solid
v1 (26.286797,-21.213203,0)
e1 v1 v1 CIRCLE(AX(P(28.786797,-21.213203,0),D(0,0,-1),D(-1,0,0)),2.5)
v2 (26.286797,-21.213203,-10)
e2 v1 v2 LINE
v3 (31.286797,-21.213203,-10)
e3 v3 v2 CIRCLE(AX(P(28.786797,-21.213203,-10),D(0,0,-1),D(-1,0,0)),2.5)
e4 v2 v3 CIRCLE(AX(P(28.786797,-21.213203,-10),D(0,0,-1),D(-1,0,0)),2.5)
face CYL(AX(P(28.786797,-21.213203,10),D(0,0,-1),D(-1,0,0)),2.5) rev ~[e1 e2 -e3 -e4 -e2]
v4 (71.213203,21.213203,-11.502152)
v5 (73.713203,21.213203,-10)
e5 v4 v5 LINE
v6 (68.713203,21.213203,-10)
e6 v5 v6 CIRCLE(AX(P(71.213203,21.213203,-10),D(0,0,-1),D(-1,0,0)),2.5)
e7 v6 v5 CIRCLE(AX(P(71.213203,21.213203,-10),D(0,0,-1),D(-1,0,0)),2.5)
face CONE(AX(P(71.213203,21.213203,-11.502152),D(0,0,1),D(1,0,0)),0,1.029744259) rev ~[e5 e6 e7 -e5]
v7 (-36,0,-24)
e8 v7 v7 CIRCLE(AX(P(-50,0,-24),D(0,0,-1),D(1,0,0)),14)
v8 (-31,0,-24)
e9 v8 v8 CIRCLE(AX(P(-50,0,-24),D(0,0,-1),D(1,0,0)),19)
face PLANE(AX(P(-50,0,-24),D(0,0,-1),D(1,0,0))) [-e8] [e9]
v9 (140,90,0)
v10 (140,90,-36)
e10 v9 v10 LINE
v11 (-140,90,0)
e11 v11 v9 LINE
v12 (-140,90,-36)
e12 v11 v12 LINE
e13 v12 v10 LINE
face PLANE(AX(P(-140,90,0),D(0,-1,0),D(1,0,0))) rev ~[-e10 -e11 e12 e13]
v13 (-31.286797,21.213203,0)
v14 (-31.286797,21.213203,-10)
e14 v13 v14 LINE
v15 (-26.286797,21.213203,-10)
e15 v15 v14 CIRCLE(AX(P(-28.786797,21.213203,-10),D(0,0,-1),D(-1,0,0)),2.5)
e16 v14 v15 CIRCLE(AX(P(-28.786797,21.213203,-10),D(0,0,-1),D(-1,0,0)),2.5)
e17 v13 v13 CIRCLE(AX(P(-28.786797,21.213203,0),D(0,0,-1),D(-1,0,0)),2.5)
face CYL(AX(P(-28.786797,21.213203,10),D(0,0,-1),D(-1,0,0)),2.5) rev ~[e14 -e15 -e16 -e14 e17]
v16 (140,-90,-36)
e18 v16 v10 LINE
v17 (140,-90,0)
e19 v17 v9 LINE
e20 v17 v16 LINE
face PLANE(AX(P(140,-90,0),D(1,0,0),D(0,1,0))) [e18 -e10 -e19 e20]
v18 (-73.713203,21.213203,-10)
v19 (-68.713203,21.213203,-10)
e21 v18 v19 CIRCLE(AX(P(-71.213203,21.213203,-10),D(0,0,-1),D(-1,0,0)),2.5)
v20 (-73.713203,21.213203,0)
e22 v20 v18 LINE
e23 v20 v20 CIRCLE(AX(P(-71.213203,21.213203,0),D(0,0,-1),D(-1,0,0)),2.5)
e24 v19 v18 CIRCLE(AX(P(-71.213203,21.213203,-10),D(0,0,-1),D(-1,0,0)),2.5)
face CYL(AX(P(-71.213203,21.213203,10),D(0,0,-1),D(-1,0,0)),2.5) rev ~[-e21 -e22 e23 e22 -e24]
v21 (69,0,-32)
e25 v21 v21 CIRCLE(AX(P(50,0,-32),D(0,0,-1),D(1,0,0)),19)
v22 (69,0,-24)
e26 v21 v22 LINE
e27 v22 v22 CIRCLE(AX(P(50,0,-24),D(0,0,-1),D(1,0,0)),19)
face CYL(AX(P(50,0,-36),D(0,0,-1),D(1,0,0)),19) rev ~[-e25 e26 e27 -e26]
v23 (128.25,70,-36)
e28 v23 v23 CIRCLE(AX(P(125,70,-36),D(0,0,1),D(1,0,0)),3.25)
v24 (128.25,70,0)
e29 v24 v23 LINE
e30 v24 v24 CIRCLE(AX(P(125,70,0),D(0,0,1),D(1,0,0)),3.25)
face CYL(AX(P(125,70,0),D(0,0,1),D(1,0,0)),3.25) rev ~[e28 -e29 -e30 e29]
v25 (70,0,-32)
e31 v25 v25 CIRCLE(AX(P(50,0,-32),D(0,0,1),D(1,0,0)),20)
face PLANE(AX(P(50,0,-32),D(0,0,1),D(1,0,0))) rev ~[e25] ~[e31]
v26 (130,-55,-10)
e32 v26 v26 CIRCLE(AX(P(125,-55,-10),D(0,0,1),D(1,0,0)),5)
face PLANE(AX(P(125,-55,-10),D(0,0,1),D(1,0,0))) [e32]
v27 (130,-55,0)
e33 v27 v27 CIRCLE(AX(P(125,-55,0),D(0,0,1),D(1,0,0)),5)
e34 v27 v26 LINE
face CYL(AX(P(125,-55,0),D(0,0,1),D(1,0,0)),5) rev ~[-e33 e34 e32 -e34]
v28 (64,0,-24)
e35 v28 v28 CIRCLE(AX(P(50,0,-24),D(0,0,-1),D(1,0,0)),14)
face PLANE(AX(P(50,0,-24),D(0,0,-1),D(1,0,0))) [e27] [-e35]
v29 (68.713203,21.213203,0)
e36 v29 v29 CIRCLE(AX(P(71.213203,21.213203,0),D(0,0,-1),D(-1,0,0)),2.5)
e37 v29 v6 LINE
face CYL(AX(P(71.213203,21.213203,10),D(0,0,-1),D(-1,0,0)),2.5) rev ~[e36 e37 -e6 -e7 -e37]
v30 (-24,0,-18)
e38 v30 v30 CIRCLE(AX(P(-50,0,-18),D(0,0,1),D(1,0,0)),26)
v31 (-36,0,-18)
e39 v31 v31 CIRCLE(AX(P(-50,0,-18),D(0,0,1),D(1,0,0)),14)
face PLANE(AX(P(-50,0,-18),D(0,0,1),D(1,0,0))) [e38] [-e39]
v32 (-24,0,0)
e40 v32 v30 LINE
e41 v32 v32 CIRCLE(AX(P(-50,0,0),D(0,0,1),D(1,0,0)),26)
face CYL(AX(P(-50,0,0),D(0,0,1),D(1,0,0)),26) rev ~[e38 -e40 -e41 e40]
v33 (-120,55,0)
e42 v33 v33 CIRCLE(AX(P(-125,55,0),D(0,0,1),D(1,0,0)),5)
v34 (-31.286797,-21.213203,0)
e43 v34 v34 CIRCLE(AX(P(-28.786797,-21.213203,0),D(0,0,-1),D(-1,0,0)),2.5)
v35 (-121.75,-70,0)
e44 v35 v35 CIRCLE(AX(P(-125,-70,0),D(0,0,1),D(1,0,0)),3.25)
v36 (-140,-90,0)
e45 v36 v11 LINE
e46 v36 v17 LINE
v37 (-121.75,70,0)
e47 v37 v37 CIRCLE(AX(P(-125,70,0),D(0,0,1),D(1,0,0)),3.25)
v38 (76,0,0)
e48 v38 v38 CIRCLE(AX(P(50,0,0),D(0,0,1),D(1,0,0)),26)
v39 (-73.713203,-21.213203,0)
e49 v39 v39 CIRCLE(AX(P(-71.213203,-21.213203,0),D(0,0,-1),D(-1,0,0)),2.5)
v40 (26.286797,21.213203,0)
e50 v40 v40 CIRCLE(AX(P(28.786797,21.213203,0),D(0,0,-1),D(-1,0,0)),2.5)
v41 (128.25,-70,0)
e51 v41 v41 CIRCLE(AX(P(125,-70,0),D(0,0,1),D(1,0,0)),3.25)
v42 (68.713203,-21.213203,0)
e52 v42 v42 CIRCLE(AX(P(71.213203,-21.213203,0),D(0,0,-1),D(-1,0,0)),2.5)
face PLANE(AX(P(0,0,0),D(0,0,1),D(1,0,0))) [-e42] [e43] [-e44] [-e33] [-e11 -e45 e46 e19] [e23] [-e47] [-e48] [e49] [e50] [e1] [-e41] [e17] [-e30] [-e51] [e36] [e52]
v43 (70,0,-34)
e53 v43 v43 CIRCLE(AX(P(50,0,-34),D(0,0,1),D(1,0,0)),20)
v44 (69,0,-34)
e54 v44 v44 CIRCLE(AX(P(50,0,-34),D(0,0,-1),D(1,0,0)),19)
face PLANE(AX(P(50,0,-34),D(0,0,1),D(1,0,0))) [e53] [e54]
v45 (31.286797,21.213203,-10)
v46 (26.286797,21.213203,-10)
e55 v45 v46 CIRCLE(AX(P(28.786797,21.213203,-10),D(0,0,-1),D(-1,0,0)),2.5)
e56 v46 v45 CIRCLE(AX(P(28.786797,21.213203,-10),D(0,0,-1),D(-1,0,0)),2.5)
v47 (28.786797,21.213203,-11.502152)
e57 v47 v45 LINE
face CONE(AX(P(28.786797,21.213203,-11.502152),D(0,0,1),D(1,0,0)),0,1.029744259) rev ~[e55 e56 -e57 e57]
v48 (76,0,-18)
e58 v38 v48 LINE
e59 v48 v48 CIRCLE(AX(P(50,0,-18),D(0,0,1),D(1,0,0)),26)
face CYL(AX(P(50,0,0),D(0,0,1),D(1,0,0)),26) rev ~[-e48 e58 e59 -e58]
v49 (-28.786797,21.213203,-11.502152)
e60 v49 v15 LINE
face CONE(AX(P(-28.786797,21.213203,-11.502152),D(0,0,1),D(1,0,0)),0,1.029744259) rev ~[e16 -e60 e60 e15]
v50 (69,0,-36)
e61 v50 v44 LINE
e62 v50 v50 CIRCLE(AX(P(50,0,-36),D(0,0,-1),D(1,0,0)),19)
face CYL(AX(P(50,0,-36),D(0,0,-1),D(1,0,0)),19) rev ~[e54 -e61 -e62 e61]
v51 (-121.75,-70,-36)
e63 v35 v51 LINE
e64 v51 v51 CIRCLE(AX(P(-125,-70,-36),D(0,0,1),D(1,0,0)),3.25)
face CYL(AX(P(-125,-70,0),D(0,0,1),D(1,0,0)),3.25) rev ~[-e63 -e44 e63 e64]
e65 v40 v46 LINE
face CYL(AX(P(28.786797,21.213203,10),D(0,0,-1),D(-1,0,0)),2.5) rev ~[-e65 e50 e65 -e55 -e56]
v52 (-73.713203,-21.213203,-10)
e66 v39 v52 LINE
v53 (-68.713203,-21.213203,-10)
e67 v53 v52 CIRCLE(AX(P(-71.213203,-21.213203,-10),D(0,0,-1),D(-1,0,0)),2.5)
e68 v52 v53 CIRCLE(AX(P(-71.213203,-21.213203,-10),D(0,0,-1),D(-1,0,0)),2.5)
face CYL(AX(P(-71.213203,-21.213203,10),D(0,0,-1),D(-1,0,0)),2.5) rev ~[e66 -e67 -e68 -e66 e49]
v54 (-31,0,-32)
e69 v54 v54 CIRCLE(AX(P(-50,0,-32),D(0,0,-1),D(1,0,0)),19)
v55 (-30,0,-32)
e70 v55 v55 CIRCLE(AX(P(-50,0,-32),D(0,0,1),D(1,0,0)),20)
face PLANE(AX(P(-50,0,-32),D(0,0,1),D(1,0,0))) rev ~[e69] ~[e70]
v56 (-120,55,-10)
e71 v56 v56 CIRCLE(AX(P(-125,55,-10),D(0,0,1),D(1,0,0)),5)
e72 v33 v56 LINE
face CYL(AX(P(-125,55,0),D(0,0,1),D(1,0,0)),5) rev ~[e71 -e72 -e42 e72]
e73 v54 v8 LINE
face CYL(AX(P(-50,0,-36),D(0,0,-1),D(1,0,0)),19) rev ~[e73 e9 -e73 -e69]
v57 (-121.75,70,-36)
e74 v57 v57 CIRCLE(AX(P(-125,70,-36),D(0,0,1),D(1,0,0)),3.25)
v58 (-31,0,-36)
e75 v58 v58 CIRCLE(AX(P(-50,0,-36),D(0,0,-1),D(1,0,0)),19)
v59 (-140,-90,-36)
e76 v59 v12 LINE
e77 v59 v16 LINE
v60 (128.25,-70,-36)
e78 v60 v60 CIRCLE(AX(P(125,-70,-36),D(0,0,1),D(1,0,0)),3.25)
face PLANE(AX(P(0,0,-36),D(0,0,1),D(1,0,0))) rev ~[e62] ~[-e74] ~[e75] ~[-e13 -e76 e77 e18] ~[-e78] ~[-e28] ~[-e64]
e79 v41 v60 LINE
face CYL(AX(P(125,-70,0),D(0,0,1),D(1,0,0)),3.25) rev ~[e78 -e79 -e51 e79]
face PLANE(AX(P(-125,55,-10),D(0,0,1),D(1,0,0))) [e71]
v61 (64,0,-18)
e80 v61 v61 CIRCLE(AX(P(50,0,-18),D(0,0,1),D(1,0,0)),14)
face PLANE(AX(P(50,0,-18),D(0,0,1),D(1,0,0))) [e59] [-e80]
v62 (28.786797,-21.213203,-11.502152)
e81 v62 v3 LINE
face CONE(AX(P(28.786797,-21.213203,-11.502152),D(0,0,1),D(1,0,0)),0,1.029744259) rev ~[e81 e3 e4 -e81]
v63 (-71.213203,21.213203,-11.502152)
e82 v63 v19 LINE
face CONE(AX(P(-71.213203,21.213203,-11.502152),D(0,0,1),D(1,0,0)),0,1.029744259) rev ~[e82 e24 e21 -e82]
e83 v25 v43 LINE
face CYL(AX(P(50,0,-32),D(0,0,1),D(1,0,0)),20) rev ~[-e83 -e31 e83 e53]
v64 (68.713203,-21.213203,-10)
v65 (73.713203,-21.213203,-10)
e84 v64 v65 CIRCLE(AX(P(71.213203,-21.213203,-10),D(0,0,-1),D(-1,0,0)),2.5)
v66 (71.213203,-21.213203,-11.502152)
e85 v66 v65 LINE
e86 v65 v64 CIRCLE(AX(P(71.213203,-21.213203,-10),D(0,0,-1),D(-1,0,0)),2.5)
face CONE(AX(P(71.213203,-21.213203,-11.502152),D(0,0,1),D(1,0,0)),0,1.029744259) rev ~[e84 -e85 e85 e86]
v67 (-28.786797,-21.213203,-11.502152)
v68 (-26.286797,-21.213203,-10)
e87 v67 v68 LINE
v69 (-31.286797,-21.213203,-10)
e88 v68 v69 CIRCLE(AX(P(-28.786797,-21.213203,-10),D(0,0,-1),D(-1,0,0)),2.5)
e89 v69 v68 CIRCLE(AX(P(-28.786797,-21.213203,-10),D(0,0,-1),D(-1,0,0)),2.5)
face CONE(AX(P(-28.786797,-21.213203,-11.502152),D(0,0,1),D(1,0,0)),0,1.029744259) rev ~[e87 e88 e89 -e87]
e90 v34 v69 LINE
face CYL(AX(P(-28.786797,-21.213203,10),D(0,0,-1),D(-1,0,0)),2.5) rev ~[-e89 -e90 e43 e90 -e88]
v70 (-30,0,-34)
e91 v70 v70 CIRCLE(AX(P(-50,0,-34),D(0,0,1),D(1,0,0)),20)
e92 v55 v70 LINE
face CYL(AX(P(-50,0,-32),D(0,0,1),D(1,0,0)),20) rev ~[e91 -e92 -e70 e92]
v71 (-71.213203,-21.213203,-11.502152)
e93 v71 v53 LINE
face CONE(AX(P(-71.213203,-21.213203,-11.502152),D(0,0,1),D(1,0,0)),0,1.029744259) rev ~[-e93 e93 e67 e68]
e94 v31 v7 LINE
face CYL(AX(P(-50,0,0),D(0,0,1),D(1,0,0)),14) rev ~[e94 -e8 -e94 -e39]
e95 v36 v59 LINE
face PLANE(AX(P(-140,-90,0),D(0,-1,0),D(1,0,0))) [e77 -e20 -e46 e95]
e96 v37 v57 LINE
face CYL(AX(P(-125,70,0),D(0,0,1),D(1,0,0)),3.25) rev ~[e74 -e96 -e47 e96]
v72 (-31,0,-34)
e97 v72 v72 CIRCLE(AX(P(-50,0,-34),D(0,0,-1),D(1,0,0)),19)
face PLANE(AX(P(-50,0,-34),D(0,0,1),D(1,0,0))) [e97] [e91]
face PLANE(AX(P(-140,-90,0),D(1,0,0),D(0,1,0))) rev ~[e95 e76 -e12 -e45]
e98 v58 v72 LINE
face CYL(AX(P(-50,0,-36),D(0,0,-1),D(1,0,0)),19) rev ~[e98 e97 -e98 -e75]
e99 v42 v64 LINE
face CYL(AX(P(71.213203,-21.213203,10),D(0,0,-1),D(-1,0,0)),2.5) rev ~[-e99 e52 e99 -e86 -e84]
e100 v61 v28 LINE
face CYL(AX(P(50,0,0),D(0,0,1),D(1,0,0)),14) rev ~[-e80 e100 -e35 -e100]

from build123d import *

# Parameters (mm, degrees)
F0_W     = 280
F0_H     = 180
F0_R     = 3.25
F0_R_2   = 2.5
F0_R_3   = 5
F0_R_4   = 26
F0_R_5   = 14
F1_DEPTH = 36
F2_DEPTH = 18
F3_DEPTH = 10
F4_D     = 5
F4_DEPTH = 10
F4_TIP   = 1.5021515476
F5_R     = 19
F5_R_2   = 14
F6_DEPTH = 12
F8_R     = 20
F9_DEPTH = 2


with BuildPart() as f1:
    # F0 (on Top) → F1 (new body)
    with BuildSketch(Plane.XY):
        Rectangle(F0_W, F0_H)
        with Locations((-125, -70)):
            Circle(F0_R, mode=Mode.SUBTRACT)
        with Locations((-71.2132034356, -21.2132034356)):
            Circle(F0_R_2, mode=Mode.SUBTRACT)
        with Locations((-28.7867965644, -21.2132034356)):
            Circle(F0_R_2, mode=Mode.SUBTRACT)
        with Locations((125, -70)):
            Circle(F0_R, mode=Mode.SUBTRACT)
        with Locations((125, -55)):
            Circle(F0_R_3, mode=Mode.SUBTRACT)
        with Locations((28.7867965644, -21.2132034356)):
            Circle(F0_R_2, mode=Mode.SUBTRACT)
        with Locations((71.2132034356, -21.2132034356)):
            Circle(F0_R_2, mode=Mode.SUBTRACT)
        with Locations((-71.2132034356, 21.2132034356)):
            Circle(F0_R_2, mode=Mode.SUBTRACT)
        with Locations((-50, 0)):
            Circle(F0_R_4, mode=Mode.SUBTRACT)
        with Locations((-28.7867965644, 21.2132034356)):
            Circle(F0_R_2, mode=Mode.SUBTRACT)
        with Locations((-125, 55)):
            Circle(F0_R_3, mode=Mode.SUBTRACT)
        with Locations((-125, 70)):
            Circle(F0_R, mode=Mode.SUBTRACT)
        with Locations((28.7867965644, 21.2132034356)):
            Circle(F0_R_2, mode=Mode.SUBTRACT)
        with Locations((50, 0)):
            Circle(F0_R_4, mode=Mode.SUBTRACT)
        with Locations((71.2132034356, 21.2132034356)):
            Circle(F0_R_2, mode=Mode.SUBTRACT)
        with Locations((125, 70)):
            Circle(F0_R, mode=Mode.SUBTRACT)
        with Locations((-50, 0)):
            Circle(F0_R_4)
        with Locations((-50, 0)):
            Circle(F0_R_5, mode=Mode.SUBTRACT)
        with Locations((50, 0)):
            Circle(F0_R_4)
        with Locations((50, 0)):
            Circle(F0_R_5, mode=Mode.SUBTRACT)
        with Locations((-125, 55)):
            Circle(F0_R_3)
        with Locations((125, -55)):
            Circle(F0_R_3)
        with Locations((-71.2132034356, 21.2132034356)):
            Circle(F0_R_2)
        with Locations((-71.2132034356, -21.2132034356)):
            Circle(F0_R_2)
        with Locations((-28.7867965644, -21.2132034356)):
            Circle(F0_R_2)
        with Locations((-28.7867965644, 21.2132034356)):
            Circle(F0_R_2)
        with Locations((28.7867965644, 21.2132034356)):
            Circle(F0_R_2)
        with Locations((28.7867965644, -21.2132034356)):
            Circle(F0_R_2)
        with Locations((71.2132034356, -21.2132034356)):
            Circle(F0_R_2)
        with Locations((71.2132034356, 21.2132034356)):
            Circle(F0_R_2)
    extrude(amount=-F1_DEPTH)

    # F0 (on Top) → F2 (cut)
    with BuildSketch(Plane.XY):
        with Locations((-50, 0)):
            Circle(F0_R_4)
        with Locations((-50, 0)):
            Circle(F0_R_5, mode=Mode.SUBTRACT)
        with Locations((50, 0)):
            Circle(F0_R_4)
        with Locations((50, 0)):
            Circle(F0_R_5, mode=Mode.SUBTRACT)
    extrude(amount=-F2_DEPTH, mode=Mode.SUBTRACT)

    # F0 (on Top) → F3 (cut)
    with BuildSketch(Plane.XY):
        with Locations((-125, 55)):
            Circle(F0_R_3)
        with Locations((125, -55)):
            Circle(F0_R_3)
    extrude(amount=-F3_DEPTH, mode=Mode.SUBTRACT)

    # F4
    with Locations(Plane.XY):
        with Locations((-71.2132034356, 21.2132034356), (-71.2132034356, -21.2132034356), (-28.7867965644, -21.2132034356), (-28.7867965644, 21.2132034356), (28.7867965644, 21.2132034356), (28.7867965644, -21.2132034356), (71.2132034356, -21.2132034356), (71.2132034356, 21.2132034356)):
            Hole(F4_D / 2, depth=F4_DEPTH)
            with Locations((0, 0, -(F4_DEPTH + F4_TIP / 2))):  # 118° drill point
                Cone(0, F4_D / 2, F4_TIP, mode=Mode.SUBTRACT)

    # F5 (on face) → F6 (cut)
    with BuildSketch(Plane(origin=(0, 0, -36), x_dir=(1, 0, 0), z_dir=(0, 0, -1))):
        with Locations((50, 0)):
            Circle(F5_R)
        with Locations((50, 0)):
            Circle(F5_R_2, mode=Mode.SUBTRACT)
        with Locations((-50, 0)):
            Circle(F5_R)
        with Locations((-50, 0)):
            Circle(F5_R_2, mode=Mode.SUBTRACT)
    extrude(amount=-F6_DEPTH, mode=Mode.SUBTRACT)

    # F8 (on offset) → F9 (cut)
    with BuildSketch(Plane.XY.offset(-32)):
        with Locations((-50, 0)):
            Circle(F8_R)
        with Locations((50, 0)):
            Circle(F8_R)
    extrude(amount=-F9_DEPTH, mode=Mode.SUBTRACT)


solid = f1.part
